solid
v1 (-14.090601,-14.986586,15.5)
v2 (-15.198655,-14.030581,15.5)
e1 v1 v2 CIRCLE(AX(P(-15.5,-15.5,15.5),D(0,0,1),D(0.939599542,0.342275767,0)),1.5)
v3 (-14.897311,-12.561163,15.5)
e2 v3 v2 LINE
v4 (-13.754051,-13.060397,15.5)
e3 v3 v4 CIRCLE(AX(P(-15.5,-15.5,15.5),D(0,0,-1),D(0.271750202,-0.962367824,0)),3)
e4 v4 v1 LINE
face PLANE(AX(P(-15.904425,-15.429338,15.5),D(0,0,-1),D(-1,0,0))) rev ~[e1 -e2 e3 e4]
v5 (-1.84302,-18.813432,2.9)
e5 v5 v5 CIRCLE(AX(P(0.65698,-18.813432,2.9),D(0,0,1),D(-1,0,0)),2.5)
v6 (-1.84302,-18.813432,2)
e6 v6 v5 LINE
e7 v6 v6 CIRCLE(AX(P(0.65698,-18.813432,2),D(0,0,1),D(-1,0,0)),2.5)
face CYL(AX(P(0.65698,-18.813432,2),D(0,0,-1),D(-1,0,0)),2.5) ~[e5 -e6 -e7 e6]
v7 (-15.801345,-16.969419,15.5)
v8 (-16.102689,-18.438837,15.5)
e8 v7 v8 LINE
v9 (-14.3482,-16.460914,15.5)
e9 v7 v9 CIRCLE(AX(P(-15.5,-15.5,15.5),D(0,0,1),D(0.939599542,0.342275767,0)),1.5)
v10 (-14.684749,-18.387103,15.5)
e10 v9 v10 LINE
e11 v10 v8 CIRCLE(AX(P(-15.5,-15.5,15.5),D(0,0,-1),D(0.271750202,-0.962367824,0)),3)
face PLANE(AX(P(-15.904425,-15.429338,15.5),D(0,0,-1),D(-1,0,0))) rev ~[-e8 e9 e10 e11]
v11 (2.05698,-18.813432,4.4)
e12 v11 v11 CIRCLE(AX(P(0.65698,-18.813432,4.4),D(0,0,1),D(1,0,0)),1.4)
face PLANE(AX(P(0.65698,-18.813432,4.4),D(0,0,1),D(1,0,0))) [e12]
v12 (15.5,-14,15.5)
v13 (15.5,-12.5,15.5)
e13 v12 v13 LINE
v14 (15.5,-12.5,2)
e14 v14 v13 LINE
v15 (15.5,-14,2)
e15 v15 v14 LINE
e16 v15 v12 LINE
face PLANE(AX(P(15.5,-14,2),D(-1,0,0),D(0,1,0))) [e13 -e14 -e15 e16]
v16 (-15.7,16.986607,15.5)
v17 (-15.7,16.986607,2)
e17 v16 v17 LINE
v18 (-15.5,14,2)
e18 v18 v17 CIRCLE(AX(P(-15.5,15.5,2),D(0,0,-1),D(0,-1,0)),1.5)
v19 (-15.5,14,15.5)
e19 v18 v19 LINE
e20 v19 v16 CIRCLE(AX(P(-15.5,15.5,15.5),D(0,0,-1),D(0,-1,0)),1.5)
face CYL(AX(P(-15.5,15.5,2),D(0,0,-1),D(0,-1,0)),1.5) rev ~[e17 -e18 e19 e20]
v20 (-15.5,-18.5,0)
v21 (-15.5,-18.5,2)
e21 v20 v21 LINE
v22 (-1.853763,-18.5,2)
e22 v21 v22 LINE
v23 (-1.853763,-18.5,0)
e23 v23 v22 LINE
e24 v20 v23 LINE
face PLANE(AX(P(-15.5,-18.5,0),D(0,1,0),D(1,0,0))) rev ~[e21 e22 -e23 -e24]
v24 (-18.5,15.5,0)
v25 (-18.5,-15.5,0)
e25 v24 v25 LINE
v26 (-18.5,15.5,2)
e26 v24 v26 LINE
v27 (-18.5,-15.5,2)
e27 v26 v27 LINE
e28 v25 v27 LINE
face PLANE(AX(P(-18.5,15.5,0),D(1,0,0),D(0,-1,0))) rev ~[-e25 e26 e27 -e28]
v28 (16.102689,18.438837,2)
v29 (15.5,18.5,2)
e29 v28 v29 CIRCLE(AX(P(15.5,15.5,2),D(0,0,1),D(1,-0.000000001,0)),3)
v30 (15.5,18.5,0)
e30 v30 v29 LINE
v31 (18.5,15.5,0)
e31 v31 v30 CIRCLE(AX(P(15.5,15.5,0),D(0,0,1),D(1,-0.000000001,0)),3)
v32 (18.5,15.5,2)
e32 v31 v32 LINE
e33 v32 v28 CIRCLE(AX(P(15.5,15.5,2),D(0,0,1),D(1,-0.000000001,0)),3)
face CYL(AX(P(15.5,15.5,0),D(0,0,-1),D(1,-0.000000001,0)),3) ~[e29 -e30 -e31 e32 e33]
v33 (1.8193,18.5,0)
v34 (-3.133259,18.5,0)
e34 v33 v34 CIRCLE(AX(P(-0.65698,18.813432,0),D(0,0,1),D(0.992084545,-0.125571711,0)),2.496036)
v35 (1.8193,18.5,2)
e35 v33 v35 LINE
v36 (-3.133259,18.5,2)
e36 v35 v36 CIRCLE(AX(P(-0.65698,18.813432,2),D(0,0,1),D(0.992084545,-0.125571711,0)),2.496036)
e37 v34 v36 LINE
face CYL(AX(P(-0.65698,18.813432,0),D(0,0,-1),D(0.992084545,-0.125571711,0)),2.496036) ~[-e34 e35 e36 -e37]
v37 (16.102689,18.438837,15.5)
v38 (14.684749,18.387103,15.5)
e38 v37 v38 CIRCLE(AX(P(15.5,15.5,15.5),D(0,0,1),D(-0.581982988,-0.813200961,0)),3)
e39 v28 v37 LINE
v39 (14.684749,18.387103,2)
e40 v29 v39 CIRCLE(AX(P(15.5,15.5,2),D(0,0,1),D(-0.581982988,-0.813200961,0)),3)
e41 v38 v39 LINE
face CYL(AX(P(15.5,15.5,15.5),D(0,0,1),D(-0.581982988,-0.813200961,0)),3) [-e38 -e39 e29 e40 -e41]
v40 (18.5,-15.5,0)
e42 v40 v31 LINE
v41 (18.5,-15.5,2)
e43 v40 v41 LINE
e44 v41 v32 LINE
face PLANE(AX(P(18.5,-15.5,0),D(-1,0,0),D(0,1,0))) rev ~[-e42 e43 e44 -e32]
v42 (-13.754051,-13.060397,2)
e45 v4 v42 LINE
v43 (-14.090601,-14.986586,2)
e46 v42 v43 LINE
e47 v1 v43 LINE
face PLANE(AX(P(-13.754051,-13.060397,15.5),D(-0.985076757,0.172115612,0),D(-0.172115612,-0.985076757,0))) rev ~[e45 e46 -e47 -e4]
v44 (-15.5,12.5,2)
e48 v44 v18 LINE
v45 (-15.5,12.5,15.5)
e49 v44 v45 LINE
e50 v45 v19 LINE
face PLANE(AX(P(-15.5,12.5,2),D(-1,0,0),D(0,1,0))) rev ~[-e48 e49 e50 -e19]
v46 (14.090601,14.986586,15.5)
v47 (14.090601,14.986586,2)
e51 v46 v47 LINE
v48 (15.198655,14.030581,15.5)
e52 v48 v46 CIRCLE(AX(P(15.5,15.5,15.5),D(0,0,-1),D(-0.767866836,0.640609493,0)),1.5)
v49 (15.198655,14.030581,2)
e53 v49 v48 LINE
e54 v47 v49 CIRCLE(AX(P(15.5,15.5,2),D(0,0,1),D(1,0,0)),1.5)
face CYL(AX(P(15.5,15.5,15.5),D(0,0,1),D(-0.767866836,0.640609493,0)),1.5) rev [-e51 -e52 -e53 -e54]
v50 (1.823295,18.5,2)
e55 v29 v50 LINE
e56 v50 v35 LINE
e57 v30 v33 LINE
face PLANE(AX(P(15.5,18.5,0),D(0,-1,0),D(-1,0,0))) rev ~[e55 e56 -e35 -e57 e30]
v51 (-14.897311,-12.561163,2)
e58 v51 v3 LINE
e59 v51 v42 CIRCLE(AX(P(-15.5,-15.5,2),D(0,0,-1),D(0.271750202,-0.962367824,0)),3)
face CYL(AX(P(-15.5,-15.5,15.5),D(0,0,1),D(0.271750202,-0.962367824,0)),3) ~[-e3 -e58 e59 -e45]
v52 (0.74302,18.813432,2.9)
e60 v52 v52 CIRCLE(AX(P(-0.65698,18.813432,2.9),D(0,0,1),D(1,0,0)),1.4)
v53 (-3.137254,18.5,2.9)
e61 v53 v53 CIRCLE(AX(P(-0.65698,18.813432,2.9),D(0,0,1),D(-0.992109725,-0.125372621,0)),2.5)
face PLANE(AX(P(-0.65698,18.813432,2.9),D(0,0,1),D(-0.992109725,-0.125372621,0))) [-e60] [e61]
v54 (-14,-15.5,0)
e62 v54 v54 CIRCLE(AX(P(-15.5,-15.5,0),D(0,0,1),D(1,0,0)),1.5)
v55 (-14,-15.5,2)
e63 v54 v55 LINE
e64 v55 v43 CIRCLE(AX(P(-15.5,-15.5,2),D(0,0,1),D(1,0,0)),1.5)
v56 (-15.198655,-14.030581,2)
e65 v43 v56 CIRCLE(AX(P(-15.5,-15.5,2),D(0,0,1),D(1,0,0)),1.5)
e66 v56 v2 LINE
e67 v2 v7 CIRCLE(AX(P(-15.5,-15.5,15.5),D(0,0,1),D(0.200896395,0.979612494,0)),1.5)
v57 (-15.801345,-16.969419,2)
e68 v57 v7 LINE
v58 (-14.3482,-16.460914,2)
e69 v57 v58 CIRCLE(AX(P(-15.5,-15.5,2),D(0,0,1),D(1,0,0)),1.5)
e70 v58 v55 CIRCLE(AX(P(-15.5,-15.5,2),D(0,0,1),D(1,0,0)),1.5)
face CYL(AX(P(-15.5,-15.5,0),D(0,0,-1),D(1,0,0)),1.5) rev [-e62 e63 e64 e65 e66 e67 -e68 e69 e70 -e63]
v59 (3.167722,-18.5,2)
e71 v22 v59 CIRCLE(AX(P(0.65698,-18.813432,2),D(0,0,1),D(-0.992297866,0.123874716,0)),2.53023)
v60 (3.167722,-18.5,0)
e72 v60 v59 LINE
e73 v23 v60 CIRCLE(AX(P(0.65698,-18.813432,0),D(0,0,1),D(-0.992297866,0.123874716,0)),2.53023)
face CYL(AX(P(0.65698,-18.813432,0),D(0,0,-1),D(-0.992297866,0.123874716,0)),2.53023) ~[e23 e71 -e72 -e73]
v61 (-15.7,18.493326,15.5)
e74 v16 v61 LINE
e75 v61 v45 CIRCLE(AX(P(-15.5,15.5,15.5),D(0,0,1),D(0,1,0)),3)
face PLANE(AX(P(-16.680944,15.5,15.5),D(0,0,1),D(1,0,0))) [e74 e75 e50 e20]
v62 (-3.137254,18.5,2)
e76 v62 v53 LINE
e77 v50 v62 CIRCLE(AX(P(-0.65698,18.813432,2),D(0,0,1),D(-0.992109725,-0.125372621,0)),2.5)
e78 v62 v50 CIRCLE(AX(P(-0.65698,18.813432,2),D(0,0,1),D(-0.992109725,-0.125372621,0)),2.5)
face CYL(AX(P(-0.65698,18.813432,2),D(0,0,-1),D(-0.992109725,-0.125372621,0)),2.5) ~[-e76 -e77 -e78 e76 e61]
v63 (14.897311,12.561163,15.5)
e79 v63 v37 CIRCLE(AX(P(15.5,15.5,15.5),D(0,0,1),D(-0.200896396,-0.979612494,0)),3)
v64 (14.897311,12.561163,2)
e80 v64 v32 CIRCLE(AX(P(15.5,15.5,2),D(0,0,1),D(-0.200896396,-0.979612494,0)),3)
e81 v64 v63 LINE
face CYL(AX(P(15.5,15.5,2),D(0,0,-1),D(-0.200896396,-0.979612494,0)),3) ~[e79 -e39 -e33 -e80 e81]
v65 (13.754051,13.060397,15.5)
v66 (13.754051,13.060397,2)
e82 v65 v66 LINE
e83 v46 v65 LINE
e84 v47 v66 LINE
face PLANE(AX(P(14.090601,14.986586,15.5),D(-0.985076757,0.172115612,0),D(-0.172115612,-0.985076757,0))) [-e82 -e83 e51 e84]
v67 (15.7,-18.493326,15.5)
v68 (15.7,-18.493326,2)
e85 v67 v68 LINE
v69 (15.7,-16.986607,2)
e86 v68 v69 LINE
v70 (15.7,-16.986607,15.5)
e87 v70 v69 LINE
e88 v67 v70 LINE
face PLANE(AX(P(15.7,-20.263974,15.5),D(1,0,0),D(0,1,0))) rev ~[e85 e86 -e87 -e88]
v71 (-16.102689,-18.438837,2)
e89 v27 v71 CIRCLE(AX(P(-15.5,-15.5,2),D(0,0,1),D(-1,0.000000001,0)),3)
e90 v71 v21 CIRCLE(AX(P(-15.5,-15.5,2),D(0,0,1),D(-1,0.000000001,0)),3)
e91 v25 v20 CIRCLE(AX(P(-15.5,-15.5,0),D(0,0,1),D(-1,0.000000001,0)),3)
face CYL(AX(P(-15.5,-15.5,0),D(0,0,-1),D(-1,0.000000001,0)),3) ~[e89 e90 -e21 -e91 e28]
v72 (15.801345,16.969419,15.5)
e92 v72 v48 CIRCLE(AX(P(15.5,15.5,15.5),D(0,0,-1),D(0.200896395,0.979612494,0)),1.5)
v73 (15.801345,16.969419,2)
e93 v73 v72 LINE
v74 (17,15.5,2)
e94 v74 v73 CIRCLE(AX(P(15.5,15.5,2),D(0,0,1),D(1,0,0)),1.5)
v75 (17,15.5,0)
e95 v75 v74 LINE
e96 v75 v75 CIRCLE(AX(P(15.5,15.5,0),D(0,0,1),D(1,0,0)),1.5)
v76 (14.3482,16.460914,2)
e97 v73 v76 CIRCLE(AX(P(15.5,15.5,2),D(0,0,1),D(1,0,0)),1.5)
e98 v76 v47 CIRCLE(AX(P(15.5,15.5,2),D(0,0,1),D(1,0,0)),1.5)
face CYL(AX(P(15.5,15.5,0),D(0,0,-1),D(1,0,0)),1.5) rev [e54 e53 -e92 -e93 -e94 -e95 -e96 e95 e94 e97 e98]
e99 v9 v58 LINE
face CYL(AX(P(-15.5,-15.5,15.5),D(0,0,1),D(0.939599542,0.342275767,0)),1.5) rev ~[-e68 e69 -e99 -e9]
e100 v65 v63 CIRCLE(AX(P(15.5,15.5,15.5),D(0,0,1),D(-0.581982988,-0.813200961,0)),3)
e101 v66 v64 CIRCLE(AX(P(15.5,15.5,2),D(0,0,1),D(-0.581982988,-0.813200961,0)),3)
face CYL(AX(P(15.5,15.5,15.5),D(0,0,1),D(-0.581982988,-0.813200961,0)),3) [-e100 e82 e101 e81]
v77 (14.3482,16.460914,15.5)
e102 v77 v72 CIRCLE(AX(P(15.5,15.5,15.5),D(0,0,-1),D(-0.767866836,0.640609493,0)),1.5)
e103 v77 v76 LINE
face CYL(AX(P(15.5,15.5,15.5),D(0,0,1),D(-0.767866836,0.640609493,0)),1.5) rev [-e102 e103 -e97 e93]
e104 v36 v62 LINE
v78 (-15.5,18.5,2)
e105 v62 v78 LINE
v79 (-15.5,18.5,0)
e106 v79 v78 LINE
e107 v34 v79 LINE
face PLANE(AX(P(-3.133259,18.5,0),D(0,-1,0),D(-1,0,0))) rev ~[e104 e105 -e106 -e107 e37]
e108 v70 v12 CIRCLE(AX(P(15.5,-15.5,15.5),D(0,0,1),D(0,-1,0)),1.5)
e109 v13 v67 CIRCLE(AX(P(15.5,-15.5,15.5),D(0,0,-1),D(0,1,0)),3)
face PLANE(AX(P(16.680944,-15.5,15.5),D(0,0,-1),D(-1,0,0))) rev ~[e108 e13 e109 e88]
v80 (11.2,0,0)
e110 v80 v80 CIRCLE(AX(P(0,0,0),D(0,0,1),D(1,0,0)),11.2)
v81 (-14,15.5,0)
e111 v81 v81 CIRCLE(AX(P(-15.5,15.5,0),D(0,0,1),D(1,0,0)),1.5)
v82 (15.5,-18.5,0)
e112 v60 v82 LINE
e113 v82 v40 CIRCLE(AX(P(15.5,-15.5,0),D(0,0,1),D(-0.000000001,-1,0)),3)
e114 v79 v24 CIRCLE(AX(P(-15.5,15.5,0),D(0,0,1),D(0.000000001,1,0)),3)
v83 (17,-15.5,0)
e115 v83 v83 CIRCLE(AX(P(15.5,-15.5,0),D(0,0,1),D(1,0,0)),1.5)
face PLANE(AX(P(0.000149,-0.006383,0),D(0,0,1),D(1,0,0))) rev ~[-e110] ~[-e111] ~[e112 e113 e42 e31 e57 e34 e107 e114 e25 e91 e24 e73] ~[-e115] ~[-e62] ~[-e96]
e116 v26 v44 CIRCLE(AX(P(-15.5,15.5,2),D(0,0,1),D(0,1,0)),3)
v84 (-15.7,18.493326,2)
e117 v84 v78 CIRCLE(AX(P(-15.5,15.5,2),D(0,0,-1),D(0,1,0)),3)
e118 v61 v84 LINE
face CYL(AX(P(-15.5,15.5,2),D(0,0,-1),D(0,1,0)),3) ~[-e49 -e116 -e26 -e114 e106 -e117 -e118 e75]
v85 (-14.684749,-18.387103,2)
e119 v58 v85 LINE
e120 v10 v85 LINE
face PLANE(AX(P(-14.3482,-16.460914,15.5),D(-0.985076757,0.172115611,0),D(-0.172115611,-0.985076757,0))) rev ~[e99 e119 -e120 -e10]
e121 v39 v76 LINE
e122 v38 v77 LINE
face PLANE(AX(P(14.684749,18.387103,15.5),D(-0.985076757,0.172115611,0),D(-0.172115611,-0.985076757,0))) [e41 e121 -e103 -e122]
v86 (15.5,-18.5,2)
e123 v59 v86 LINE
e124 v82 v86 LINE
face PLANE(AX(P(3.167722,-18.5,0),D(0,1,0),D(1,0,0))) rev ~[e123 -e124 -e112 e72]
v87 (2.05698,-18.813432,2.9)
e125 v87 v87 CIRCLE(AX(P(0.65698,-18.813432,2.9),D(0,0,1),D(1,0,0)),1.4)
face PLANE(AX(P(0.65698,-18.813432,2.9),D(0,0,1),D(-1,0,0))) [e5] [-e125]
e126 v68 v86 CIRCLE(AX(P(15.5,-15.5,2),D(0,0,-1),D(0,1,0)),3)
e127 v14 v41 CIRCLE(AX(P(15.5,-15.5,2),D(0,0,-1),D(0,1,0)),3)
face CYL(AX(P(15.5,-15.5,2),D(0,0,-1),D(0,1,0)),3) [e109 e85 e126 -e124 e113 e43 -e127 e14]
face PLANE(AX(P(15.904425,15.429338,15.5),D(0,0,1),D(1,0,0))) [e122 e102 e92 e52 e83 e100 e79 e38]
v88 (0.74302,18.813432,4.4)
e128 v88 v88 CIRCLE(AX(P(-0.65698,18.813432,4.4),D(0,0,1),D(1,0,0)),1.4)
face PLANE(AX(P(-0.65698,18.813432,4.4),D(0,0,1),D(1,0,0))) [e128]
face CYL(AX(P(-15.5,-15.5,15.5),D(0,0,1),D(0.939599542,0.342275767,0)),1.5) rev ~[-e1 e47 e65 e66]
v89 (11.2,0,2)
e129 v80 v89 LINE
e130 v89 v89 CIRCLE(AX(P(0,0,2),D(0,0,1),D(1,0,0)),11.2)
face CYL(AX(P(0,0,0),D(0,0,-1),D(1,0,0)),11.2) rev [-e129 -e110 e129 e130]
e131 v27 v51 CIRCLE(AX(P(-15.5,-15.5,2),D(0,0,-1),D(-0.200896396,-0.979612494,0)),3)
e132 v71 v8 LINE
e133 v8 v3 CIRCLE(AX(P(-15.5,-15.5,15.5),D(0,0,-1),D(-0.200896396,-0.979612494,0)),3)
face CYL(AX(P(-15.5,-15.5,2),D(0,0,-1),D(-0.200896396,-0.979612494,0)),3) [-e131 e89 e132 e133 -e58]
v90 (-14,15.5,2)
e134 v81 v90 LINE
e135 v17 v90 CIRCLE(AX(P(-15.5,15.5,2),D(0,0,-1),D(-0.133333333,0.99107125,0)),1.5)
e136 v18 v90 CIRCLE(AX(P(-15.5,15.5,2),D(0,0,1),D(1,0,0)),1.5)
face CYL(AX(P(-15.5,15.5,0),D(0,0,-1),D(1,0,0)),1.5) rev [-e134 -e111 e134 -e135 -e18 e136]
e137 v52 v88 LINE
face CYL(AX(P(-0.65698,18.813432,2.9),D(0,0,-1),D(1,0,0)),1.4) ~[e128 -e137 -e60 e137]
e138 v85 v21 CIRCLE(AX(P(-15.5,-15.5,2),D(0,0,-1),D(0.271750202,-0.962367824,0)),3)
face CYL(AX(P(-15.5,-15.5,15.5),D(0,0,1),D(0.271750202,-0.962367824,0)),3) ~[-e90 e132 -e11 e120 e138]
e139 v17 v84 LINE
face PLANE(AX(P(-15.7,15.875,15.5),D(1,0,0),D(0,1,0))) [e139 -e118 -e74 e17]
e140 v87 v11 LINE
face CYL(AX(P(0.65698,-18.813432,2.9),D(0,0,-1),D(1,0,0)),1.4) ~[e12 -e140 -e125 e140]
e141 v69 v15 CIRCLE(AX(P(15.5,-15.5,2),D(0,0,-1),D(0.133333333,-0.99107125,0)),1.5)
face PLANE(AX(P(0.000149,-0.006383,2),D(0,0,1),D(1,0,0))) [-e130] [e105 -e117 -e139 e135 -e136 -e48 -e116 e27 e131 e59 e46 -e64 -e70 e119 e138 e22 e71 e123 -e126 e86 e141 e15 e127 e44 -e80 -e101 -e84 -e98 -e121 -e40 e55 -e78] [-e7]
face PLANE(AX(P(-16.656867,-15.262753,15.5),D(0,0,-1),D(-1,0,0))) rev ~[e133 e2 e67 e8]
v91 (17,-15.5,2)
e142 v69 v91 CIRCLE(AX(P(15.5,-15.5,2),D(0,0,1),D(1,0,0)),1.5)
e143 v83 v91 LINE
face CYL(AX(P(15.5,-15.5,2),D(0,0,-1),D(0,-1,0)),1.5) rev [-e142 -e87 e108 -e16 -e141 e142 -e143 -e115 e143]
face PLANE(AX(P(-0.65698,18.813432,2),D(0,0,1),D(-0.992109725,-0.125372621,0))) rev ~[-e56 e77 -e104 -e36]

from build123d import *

# Parameters (mm, degrees)
SKETCH1_R      = 1.5
SKETCH1_R_2    = 11.2
EXTRUDE1_DEPTH = 2
SKETCH2_R      = 2.5
EXTRUDE2_DEPTH = 0.9
SKETCH3_R      = 1.4
EXTRUDE3_DEPTH = 1.5
EXTRUDE4_DEPTH = 13.5
EXTRUDE5_DEPTH = 13.5
SKETCH6_W      = 0.2
SKETCH6_H      = 4.339086574
EXTRUDE6_DEPTH = 13.5


with BuildPart() as part:
    # Sketch1 → Extrude1 (new body)
    with BuildSketch(Plane.XY):
        with BuildLine():
            Line((-18.5, 15.5), (-18.5, -15.5))
            ThreePointArc((-18.5, -15.5), (-17.621320344, -17.621320344), (-15.5, -18.5))
            Line((-15.5, -18.5), (-1.853762559, -18.5))
            ThreePointArc((-1.853762559, -18.5), (0.656979507, -21.34366179), (3.167721572, -18.5))
            Line((3.167721572, -18.5), (15.5, -18.5))
            ThreePointArc((15.5, -18.5), (17.621320344, -17.621320344), (18.5, -15.5))
            Line((18.5, -15.5), (18.5, 15.5))
            ThreePointArc((18.5, 15.5), (17.621320344, 17.621320344), (15.5, 18.5))
            Line((15.5, 18.5), (1.819299557, 18.5))
            ThreePointArc((1.819299557, 18.5), (-0.656979507, 21.309467878), (-3.13325857, 18.5))
            Line((-3.13325857, 18.5), (-15.5, 18.5))
            ThreePointArc((-15.5, 18.5), (-17.621320344, 17.621320344), (-18.5, 15.5))
        make_face()
        with Locations((15.5, 15.5)):
            Circle(SKETCH1_R, mode=Mode.SUBTRACT)
        with Locations((-15.5, 15.5)):
            Circle(SKETCH1_R, mode=Mode.SUBTRACT)
        Circle(SKETCH1_R_2, mode=Mode.SUBTRACT)
        with Locations((15.5, -15.5)):
            Circle(SKETCH1_R, mode=Mode.SUBTRACT)
        with Locations((-15.5, -15.5)):
            Circle(SKETCH1_R, mode=Mode.SUBTRACT)
    extrude(amount=EXTRUDE1_DEPTH)

    # Sketch2 → Extrude2 (add)
    with BuildSketch(Plane.XY.offset(2)):
        with Locations(Location((-0.656979507, 18.813431552, 0), (0, 0, 187.202274666))):
            Circle(SKETCH2_R)
        with Locations(Location((0.656979507, -18.813431552, 0), (0, 0, 180))):
            Circle(SKETCH2_R)
    extrude(amount=EXTRUDE2_DEPTH)

    # Sketch3 → Extrude3 (add)
    with BuildSketch(Plane.XY.offset(2.9)):
        with Locations((-0.656979507, 18.813431552)):
            Circle(SKETCH3_R)
        with Locations((0.656979507, -18.813431552)):
            Circle(SKETCH3_R)
    extrude(amount=EXTRUDE3_DEPTH)

    # Sketch4 → Extrude4 (add)
    with BuildSketch(Plane.XY.offset(2)):
        with BuildLine():
            Line((15.5, -14), (15.5, -12.5))
            ThreePointArc((15.5, -12.5), (18.5, -15.5), (15.5, -18.5))
            Line((15.5, -18.5), (15.5, -17))
            ThreePointArc((15.5, -17), (17, -15.5), (15.5, -14))
        make_face()
        with BuildLine():
            Line((-14.897310813, -12.561162518), (-15.198655407, -14.030581259))
            ThreePointArc((-15.198655407, -14.030581259), (-16.969418741, -15.198655407), (-15.801344593, -16.969418741))
            Line((-15.801344593, -16.969418741), (-16.102689187, -18.438837482))
            ThreePointArc((-16.102689187, -18.438837482), (-18.438837482, -14.897310813), (-14.897310813, -12.561162518))
        make_face()
        with BuildLine():
            Line((-15.5, 17), (-15.5, 18.5))
            ThreePointArc((-15.5, 18.5), (-18.5, 15.5), (-15.5, 12.5))
            Line((-15.5, 12.5), (-15.5, 14))
            ThreePointArc((-15.5, 14), (-17, 15.5), (-15.5, 17))
        make_face()
        with BuildLine():
            Line((16.102689187, 18.438837482), (15.801344593, 16.969418741))
            ThreePointArc((15.801344593, 16.969418741), (16.969418741, 15.198655407), (15.198655407, 14.030581259))
            Line((15.198655407, 14.030581259), (14.897310813, 12.561162518))
            ThreePointArc((14.897310813, 12.561162518), (18.438837482, 14.897310813), (16.102689187, 18.438837482))
        make_face()
    extrude(amount=EXTRUDE4_DEPTH)

    # Sketch5 → Extrude5 (add)
    with BuildSketch(Plane.XY.offset(15.5)):
        with BuildLine():
            Line((14.684749395, 18.387103471), (14.348199746, 16.460914239))
            ThreePointArc((14.348199746, 16.460914239), (16.977615135, 15.241826583), (14.090600687, 14.98658635))
            Line((14.090600687, 14.98658635), (13.754051037, 13.060397118))
            ThreePointArc((13.754051037, 13.060397118), (18.45523027, 14.983653166), (14.684749395, 18.387103471))
        make_face()
        with BuildLine():
            Line((-13.754051037, -13.060397118), (-14.090600687, -14.98658635))
            ThreePointArc((-14.090600687, -14.98658635), (-16.977615135, -15.241826583), (-14.348199746, -16.460914239))
            Line((-14.348199746, -16.460914239), (-14.684749395, -18.387103471))
            ThreePointArc((-14.684749395, -18.387103471), (-18.45523027, -14.983653166), (-13.754051037, -13.060397118))
        make_face()
    extrude(amount=-EXTRUDE5_DEPTH)

    # Sketch6 → Extrude6 (cut)
    with BuildSketch(Plane.XY.offset(15.5)):
        Polygon((-15.5, 19.617766956), (-15.5, 15.861892736), (-15.7, 15.875), (-15.7, 19.617766956), align=None)
        with Locations((15.6, -18.094430424)):
            Rectangle(SKETCH6_W, SKETCH6_H)
    extrude(amount=-EXTRUDE6_DEPTH, mode=Mode.SUBTRACT)


solid = part.part
